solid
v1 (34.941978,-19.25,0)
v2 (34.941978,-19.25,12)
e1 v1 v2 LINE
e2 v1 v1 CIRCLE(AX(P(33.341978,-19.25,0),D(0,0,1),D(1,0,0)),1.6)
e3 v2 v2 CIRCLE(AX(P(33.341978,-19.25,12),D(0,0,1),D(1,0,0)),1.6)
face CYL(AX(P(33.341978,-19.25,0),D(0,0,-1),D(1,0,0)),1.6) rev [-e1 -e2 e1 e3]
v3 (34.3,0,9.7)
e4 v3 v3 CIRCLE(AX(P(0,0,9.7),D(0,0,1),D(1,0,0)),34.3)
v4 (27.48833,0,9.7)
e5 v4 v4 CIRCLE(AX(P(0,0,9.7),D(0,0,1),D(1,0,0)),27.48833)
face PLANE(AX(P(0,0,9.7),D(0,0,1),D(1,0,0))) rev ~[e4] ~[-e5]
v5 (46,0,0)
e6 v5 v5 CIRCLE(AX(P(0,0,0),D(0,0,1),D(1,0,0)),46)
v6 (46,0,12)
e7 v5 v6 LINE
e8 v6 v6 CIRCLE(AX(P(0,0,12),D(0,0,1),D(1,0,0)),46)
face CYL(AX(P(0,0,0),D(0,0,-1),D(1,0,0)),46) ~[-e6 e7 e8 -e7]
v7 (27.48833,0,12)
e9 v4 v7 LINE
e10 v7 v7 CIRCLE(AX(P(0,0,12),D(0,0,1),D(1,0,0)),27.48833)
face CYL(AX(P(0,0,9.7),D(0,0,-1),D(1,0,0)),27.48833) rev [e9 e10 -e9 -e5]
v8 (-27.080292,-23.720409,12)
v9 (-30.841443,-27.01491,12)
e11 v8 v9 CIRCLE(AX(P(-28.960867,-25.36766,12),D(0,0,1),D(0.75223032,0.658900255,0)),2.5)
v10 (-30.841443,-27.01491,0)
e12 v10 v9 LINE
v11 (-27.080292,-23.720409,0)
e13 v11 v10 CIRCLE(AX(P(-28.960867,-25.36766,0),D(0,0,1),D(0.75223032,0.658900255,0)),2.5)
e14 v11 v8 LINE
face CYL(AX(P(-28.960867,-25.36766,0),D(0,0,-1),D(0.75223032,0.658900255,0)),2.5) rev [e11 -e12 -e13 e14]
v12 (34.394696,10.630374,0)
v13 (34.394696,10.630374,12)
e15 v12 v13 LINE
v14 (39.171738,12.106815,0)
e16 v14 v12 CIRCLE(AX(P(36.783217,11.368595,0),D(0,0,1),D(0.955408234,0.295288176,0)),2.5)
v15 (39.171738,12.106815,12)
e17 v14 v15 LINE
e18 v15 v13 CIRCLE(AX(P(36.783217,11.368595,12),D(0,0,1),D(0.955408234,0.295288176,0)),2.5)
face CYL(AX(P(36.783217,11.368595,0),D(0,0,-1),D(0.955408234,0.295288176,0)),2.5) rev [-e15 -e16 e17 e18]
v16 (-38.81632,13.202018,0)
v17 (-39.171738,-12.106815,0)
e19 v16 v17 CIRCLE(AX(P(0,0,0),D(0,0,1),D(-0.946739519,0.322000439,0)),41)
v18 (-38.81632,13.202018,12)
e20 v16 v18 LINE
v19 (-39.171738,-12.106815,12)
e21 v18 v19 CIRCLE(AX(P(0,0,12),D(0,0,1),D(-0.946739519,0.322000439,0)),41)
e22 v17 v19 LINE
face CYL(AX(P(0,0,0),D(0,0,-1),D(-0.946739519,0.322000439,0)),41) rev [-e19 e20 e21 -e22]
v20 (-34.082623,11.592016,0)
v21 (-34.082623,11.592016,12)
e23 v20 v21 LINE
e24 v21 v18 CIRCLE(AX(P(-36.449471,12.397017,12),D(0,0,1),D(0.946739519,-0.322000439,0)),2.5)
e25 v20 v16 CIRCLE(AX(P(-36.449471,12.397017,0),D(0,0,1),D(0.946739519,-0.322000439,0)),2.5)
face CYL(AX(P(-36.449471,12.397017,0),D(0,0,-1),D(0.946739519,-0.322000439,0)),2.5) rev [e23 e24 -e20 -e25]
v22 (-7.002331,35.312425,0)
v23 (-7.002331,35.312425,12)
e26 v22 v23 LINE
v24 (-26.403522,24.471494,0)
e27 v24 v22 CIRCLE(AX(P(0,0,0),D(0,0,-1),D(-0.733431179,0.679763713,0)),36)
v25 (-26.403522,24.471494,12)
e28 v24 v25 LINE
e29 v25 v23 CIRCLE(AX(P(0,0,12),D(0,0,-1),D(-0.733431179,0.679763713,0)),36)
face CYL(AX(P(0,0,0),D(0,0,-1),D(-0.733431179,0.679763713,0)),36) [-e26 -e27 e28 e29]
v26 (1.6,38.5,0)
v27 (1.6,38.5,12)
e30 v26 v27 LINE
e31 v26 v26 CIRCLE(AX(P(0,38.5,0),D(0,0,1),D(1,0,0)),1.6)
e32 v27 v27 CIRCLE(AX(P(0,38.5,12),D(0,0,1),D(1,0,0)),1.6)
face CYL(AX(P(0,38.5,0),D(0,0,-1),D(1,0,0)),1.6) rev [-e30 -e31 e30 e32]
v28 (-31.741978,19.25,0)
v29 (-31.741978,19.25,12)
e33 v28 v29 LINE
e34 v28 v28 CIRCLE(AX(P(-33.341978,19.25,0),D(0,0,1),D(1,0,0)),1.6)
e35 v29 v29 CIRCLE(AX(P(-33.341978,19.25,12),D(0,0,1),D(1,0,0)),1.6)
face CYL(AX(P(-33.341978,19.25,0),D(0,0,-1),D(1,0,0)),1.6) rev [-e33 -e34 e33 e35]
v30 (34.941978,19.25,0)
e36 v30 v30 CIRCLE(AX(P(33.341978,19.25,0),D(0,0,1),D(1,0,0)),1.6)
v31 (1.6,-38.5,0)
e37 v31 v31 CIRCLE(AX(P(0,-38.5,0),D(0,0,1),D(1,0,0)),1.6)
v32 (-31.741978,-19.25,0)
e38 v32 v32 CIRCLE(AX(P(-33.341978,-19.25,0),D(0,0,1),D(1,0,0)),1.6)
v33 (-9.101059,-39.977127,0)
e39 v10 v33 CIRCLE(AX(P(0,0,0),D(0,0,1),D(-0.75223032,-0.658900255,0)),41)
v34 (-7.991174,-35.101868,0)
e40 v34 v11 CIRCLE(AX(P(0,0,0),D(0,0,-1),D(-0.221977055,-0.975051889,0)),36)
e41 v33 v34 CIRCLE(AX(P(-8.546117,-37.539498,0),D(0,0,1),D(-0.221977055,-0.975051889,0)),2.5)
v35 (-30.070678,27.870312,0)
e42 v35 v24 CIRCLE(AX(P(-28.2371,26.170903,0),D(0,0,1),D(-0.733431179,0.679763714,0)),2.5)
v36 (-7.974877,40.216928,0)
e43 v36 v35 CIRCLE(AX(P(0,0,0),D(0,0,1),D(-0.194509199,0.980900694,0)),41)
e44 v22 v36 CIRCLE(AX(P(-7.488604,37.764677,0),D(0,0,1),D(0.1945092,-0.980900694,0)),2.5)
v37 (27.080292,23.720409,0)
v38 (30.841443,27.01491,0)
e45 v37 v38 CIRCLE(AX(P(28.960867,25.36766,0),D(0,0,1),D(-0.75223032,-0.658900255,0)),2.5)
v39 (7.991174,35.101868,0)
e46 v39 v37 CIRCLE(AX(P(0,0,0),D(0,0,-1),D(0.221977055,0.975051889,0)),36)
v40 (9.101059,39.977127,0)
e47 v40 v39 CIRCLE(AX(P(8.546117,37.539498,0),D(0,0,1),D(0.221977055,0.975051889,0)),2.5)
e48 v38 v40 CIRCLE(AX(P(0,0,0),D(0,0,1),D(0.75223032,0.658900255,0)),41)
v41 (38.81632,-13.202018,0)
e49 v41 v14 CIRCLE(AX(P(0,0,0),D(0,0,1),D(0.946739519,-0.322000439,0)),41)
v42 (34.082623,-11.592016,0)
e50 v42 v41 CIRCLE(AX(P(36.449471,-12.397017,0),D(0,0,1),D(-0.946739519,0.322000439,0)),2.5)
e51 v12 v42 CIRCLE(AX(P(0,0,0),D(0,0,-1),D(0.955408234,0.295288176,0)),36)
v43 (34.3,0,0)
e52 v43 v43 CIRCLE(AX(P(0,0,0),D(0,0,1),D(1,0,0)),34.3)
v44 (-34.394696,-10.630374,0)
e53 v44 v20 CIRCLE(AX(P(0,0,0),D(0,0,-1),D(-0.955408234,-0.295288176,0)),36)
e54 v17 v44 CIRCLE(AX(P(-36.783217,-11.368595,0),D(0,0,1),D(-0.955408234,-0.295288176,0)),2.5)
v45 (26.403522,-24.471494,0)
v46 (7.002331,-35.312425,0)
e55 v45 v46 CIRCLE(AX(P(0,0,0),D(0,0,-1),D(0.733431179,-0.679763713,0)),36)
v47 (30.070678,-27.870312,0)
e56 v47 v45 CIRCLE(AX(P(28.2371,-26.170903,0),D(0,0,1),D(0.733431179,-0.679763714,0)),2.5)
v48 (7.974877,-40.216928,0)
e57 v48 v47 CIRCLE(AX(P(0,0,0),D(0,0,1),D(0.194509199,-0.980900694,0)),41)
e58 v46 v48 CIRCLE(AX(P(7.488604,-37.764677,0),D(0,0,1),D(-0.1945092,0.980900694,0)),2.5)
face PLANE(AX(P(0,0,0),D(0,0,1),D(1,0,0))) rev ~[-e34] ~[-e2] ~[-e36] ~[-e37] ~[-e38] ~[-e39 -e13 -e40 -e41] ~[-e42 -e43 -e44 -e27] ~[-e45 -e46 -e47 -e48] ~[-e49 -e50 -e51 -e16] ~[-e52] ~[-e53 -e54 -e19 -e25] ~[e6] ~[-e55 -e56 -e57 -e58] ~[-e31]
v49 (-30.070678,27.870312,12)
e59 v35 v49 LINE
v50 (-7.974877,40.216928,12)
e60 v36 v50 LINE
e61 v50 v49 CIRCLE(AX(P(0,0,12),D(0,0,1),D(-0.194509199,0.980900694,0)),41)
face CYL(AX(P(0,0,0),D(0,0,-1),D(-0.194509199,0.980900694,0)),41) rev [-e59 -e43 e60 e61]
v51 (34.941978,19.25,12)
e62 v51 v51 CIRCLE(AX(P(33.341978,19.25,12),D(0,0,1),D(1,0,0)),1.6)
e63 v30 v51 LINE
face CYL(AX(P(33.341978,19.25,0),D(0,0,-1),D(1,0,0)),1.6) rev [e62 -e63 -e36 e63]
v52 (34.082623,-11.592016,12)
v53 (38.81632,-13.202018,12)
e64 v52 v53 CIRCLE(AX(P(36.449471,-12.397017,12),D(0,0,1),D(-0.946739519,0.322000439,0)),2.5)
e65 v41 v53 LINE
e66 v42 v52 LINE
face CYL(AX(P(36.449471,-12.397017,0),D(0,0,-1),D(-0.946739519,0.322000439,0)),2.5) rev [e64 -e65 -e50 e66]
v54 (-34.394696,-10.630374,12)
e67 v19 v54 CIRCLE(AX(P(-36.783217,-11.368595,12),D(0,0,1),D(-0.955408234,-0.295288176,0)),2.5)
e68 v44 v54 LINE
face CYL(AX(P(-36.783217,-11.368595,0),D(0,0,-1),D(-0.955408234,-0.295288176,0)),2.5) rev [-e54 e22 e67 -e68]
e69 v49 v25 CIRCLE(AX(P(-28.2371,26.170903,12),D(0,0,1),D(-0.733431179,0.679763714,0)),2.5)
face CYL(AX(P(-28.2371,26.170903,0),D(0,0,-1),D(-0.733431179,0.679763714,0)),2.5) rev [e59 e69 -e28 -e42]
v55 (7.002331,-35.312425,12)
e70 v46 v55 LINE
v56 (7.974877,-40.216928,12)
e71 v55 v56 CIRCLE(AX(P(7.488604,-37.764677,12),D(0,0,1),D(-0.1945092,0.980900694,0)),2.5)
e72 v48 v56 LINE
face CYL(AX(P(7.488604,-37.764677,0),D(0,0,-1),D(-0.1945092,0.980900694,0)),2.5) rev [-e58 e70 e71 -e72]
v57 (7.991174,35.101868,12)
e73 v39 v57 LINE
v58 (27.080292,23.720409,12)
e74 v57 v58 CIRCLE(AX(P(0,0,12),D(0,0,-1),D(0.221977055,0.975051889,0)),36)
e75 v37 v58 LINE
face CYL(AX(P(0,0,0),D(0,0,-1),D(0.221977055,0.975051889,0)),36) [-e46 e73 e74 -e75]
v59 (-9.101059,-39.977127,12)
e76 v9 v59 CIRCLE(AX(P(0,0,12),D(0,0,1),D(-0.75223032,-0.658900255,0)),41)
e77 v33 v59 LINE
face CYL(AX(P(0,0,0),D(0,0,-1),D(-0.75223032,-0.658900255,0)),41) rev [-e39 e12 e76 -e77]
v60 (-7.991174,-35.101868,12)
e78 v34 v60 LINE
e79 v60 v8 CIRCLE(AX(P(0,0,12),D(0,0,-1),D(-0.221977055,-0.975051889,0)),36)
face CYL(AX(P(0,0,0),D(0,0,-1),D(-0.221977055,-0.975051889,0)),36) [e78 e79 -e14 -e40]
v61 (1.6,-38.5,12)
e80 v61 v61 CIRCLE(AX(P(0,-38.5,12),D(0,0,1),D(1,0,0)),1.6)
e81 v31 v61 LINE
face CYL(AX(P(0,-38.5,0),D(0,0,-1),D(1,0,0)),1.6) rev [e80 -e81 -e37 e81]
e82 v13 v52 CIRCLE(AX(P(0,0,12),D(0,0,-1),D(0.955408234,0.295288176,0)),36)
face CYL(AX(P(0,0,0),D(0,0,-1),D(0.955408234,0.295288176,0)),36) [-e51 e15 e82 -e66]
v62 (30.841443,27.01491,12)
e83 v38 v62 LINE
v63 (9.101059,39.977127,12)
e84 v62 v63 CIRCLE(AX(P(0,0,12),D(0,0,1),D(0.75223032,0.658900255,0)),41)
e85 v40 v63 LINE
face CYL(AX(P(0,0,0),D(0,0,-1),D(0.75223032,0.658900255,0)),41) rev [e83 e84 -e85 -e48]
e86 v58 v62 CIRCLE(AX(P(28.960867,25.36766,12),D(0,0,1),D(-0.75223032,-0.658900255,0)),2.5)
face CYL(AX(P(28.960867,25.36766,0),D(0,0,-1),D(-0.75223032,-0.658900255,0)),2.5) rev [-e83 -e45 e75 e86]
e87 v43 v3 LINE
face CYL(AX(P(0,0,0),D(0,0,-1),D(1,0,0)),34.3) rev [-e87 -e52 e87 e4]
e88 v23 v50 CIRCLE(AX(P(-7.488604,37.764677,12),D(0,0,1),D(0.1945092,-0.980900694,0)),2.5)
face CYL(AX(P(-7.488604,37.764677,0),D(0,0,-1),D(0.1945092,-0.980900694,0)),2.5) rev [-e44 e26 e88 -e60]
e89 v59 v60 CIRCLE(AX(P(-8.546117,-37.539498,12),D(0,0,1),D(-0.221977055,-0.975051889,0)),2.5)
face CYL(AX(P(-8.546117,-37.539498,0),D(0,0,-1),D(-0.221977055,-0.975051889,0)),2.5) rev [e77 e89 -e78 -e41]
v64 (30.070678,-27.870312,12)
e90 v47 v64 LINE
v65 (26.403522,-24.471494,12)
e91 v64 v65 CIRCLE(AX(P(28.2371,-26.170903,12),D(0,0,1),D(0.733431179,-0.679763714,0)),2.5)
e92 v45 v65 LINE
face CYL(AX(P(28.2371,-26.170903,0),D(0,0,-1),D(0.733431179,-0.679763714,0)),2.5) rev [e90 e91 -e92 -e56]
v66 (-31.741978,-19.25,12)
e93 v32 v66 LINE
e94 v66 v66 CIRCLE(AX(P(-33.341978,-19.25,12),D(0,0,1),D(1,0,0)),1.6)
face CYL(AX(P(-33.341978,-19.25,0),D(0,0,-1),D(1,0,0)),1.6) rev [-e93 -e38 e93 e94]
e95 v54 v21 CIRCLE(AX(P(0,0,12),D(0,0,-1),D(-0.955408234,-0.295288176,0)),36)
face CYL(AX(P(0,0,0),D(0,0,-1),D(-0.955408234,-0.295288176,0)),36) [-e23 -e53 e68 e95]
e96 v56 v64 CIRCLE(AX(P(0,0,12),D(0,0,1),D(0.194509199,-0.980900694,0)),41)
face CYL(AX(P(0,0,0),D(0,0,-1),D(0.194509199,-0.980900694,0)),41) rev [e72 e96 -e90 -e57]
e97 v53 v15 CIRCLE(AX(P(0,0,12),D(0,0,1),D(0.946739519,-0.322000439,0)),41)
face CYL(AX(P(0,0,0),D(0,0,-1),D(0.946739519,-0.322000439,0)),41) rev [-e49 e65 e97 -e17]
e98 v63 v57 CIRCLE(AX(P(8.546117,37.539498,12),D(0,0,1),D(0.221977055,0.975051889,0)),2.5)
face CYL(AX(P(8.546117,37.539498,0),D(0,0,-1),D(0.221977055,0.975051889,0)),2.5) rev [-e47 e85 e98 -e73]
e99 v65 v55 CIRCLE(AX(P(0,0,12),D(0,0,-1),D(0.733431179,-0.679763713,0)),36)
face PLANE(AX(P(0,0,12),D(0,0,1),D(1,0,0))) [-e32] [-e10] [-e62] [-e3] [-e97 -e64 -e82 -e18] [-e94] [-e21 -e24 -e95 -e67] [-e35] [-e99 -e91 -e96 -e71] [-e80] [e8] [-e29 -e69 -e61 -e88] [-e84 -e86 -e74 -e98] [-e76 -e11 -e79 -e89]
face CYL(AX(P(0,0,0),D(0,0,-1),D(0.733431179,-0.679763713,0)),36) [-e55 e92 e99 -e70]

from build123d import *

# Parameters (mm, degrees)
SKETCH_1_R      = 46
SKETCH_1_R_2    = 34.3
SKETCH_1_R_3    = 1.6
EXTRUDE_1_DEPTH = 12
EXTRUDE_START   = -2.3
SKETCH_4_R      = 34.3
SKETCH_4_R_2    = 27.488330285
EXTRUDE_2_DEPTH = 2.3


with BuildPart() as part:
    # 草图1 → 凸台-拉伸1 (new body)
    with BuildSketch(Plane.XY):
        Circle(SKETCH_1_R)
        Circle(SKETCH_1_R_2, mode=Mode.SUBTRACT)
        with Locations((0, 38.5)):
            Circle(SKETCH_1_R_3, mode=Mode.SUBTRACT)
        with Locations((33.341978046, 19.25)):
            Circle(SKETCH_1_R_3, mode=Mode.SUBTRACT)
        with Locations((33.341978046, -19.25)):
            Circle(SKETCH_1_R_3, mode=Mode.SUBTRACT)
        with Locations((0, -38.5)):
            Circle(SKETCH_1_R_3, mode=Mode.SUBTRACT)
        with Locations((-33.341978046, -19.25)):
            Circle(SKETCH_1_R_3, mode=Mode.SUBTRACT)
        with Locations((-33.341978046, 19.25)):
            Circle(SKETCH_1_R_3, mode=Mode.SUBTRACT)
        with BuildLine():
            ThreePointArc((-7.974877173, 40.216928452), (-19.999395147, 35.791398321), (-30.070678328, 27.87031225))
            ThreePointArc((-30.070678328, 27.87031225), (-29.936509665, 24.337325019), (-26.403522434, 24.471493683))
            ThreePointArc((-26.403522434, 24.471493683), (-17.56044452, 31.426593647), (-7.002331176, 35.312424982))
            ThreePointArc((-7.002331176, 35.312424982), (-5.03635244, 38.250949715), (-7.974877173, 40.216928452))
        make_face(mode=Mode.SUBTRACT)
        with BuildLine():
            ThreePointArc((30.841443115, 27.01491045), (20.996562609, 35.215683418), (9.101059256, 39.977127466))
            ThreePointArc((9.101059256, 39.977127466), (6.108486895, 38.09444038), (7.991173981, 35.101868019))
            ThreePointArc((7.991173981, 35.101868019), (18.436006193, 30.921087879), (27.080291515, 23.720409175))
            ThreePointArc((27.080291515, 23.720409175), (30.608117952, 23.487084013), (30.841443115, 27.01491045))
        make_face(mode=Mode.SUBTRACT)
        with BuildLine():
            ThreePointArc((38.816320288, -13.202018002), (40.995957756, -0.575714903), (39.171737584, 12.106815216))
            ThreePointArc((39.171737584, 12.106815216), (36.044996559, 13.757115361), (34.394696415, 10.630374336))
            ThreePointArc((34.394696415, 10.630374336), (35.996450713, -0.505505768), (34.082622692, -11.592015806))
            ThreePointArc((34.082622692, -11.592015806), (35.644470392, -14.763865702), (38.816320288, -13.202018002))
        make_face(mode=Mode.SUBTRACT)
        with BuildLine():
            ThreePointArc((7.974877173, -40.216928452), (19.999395147, -35.791398321), (30.070678328, -27.87031225))
            ThreePointArc((30.070678328, -27.87031225), (29.936509665, -24.337325019), (26.403522434, -24.471493683))
            ThreePointArc((26.403522434, -24.471493683), (17.56044452, -31.426593647), (7.002331176, -35.312424982))
            ThreePointArc((7.002331176, -35.312424982), (5.03635244, -38.250949715), (7.974877173, -40.216928452))
        make_face(mode=Mode.SUBTRACT)
        with BuildLine():
            ThreePointArc((-30.841443115, -27.01491045), (-20.996562609, -35.215683418), (-9.101059256, -39.977127466))
            ThreePointArc((-9.101059256, -39.977127466), (-6.108486895, -38.09444038), (-7.991173981, -35.101868019))
            ThreePointArc((-7.991173981, -35.101868019), (-18.436006193, -30.921087879), (-27.080291515, -23.720409175))
            ThreePointArc((-27.080291515, -23.720409175), (-30.608117952, -23.487084013), (-30.841443115, -27.01491045))
        make_face(mode=Mode.SUBTRACT)
        with BuildLine():
            ThreePointArc((-38.816320288, 13.202018002), (-40.995957756, 0.575714903), (-39.171737584, -12.106815216))
            ThreePointArc((-39.171737584, -12.106815216), (-36.044996559, -13.757115361), (-34.394696415, -10.630374336))
            ThreePointArc((-34.394696415, -10.630374336), (-35.996450713, 0.505505768), (-34.082622692, 11.592015806))
            ThreePointArc((-34.082622692, 11.592015806), (-35.644470392, 14.763865702), (-38.816320288, 13.202018002))
        make_face(mode=Mode.SUBTRACT)
    extrude(amount=EXTRUDE_1_DEPTH)

    # 草图4 → 凸台-拉伸2 (add)
    with BuildSketch(Plane.XY.offset(12).offset(EXTRUDE_START)):
        Circle(SKETCH_4_R)
        Circle(SKETCH_4_R_2, mode=Mode.SUBTRACT)
    extrude(amount=EXTRUDE_2_DEPTH)


solid = part.part
